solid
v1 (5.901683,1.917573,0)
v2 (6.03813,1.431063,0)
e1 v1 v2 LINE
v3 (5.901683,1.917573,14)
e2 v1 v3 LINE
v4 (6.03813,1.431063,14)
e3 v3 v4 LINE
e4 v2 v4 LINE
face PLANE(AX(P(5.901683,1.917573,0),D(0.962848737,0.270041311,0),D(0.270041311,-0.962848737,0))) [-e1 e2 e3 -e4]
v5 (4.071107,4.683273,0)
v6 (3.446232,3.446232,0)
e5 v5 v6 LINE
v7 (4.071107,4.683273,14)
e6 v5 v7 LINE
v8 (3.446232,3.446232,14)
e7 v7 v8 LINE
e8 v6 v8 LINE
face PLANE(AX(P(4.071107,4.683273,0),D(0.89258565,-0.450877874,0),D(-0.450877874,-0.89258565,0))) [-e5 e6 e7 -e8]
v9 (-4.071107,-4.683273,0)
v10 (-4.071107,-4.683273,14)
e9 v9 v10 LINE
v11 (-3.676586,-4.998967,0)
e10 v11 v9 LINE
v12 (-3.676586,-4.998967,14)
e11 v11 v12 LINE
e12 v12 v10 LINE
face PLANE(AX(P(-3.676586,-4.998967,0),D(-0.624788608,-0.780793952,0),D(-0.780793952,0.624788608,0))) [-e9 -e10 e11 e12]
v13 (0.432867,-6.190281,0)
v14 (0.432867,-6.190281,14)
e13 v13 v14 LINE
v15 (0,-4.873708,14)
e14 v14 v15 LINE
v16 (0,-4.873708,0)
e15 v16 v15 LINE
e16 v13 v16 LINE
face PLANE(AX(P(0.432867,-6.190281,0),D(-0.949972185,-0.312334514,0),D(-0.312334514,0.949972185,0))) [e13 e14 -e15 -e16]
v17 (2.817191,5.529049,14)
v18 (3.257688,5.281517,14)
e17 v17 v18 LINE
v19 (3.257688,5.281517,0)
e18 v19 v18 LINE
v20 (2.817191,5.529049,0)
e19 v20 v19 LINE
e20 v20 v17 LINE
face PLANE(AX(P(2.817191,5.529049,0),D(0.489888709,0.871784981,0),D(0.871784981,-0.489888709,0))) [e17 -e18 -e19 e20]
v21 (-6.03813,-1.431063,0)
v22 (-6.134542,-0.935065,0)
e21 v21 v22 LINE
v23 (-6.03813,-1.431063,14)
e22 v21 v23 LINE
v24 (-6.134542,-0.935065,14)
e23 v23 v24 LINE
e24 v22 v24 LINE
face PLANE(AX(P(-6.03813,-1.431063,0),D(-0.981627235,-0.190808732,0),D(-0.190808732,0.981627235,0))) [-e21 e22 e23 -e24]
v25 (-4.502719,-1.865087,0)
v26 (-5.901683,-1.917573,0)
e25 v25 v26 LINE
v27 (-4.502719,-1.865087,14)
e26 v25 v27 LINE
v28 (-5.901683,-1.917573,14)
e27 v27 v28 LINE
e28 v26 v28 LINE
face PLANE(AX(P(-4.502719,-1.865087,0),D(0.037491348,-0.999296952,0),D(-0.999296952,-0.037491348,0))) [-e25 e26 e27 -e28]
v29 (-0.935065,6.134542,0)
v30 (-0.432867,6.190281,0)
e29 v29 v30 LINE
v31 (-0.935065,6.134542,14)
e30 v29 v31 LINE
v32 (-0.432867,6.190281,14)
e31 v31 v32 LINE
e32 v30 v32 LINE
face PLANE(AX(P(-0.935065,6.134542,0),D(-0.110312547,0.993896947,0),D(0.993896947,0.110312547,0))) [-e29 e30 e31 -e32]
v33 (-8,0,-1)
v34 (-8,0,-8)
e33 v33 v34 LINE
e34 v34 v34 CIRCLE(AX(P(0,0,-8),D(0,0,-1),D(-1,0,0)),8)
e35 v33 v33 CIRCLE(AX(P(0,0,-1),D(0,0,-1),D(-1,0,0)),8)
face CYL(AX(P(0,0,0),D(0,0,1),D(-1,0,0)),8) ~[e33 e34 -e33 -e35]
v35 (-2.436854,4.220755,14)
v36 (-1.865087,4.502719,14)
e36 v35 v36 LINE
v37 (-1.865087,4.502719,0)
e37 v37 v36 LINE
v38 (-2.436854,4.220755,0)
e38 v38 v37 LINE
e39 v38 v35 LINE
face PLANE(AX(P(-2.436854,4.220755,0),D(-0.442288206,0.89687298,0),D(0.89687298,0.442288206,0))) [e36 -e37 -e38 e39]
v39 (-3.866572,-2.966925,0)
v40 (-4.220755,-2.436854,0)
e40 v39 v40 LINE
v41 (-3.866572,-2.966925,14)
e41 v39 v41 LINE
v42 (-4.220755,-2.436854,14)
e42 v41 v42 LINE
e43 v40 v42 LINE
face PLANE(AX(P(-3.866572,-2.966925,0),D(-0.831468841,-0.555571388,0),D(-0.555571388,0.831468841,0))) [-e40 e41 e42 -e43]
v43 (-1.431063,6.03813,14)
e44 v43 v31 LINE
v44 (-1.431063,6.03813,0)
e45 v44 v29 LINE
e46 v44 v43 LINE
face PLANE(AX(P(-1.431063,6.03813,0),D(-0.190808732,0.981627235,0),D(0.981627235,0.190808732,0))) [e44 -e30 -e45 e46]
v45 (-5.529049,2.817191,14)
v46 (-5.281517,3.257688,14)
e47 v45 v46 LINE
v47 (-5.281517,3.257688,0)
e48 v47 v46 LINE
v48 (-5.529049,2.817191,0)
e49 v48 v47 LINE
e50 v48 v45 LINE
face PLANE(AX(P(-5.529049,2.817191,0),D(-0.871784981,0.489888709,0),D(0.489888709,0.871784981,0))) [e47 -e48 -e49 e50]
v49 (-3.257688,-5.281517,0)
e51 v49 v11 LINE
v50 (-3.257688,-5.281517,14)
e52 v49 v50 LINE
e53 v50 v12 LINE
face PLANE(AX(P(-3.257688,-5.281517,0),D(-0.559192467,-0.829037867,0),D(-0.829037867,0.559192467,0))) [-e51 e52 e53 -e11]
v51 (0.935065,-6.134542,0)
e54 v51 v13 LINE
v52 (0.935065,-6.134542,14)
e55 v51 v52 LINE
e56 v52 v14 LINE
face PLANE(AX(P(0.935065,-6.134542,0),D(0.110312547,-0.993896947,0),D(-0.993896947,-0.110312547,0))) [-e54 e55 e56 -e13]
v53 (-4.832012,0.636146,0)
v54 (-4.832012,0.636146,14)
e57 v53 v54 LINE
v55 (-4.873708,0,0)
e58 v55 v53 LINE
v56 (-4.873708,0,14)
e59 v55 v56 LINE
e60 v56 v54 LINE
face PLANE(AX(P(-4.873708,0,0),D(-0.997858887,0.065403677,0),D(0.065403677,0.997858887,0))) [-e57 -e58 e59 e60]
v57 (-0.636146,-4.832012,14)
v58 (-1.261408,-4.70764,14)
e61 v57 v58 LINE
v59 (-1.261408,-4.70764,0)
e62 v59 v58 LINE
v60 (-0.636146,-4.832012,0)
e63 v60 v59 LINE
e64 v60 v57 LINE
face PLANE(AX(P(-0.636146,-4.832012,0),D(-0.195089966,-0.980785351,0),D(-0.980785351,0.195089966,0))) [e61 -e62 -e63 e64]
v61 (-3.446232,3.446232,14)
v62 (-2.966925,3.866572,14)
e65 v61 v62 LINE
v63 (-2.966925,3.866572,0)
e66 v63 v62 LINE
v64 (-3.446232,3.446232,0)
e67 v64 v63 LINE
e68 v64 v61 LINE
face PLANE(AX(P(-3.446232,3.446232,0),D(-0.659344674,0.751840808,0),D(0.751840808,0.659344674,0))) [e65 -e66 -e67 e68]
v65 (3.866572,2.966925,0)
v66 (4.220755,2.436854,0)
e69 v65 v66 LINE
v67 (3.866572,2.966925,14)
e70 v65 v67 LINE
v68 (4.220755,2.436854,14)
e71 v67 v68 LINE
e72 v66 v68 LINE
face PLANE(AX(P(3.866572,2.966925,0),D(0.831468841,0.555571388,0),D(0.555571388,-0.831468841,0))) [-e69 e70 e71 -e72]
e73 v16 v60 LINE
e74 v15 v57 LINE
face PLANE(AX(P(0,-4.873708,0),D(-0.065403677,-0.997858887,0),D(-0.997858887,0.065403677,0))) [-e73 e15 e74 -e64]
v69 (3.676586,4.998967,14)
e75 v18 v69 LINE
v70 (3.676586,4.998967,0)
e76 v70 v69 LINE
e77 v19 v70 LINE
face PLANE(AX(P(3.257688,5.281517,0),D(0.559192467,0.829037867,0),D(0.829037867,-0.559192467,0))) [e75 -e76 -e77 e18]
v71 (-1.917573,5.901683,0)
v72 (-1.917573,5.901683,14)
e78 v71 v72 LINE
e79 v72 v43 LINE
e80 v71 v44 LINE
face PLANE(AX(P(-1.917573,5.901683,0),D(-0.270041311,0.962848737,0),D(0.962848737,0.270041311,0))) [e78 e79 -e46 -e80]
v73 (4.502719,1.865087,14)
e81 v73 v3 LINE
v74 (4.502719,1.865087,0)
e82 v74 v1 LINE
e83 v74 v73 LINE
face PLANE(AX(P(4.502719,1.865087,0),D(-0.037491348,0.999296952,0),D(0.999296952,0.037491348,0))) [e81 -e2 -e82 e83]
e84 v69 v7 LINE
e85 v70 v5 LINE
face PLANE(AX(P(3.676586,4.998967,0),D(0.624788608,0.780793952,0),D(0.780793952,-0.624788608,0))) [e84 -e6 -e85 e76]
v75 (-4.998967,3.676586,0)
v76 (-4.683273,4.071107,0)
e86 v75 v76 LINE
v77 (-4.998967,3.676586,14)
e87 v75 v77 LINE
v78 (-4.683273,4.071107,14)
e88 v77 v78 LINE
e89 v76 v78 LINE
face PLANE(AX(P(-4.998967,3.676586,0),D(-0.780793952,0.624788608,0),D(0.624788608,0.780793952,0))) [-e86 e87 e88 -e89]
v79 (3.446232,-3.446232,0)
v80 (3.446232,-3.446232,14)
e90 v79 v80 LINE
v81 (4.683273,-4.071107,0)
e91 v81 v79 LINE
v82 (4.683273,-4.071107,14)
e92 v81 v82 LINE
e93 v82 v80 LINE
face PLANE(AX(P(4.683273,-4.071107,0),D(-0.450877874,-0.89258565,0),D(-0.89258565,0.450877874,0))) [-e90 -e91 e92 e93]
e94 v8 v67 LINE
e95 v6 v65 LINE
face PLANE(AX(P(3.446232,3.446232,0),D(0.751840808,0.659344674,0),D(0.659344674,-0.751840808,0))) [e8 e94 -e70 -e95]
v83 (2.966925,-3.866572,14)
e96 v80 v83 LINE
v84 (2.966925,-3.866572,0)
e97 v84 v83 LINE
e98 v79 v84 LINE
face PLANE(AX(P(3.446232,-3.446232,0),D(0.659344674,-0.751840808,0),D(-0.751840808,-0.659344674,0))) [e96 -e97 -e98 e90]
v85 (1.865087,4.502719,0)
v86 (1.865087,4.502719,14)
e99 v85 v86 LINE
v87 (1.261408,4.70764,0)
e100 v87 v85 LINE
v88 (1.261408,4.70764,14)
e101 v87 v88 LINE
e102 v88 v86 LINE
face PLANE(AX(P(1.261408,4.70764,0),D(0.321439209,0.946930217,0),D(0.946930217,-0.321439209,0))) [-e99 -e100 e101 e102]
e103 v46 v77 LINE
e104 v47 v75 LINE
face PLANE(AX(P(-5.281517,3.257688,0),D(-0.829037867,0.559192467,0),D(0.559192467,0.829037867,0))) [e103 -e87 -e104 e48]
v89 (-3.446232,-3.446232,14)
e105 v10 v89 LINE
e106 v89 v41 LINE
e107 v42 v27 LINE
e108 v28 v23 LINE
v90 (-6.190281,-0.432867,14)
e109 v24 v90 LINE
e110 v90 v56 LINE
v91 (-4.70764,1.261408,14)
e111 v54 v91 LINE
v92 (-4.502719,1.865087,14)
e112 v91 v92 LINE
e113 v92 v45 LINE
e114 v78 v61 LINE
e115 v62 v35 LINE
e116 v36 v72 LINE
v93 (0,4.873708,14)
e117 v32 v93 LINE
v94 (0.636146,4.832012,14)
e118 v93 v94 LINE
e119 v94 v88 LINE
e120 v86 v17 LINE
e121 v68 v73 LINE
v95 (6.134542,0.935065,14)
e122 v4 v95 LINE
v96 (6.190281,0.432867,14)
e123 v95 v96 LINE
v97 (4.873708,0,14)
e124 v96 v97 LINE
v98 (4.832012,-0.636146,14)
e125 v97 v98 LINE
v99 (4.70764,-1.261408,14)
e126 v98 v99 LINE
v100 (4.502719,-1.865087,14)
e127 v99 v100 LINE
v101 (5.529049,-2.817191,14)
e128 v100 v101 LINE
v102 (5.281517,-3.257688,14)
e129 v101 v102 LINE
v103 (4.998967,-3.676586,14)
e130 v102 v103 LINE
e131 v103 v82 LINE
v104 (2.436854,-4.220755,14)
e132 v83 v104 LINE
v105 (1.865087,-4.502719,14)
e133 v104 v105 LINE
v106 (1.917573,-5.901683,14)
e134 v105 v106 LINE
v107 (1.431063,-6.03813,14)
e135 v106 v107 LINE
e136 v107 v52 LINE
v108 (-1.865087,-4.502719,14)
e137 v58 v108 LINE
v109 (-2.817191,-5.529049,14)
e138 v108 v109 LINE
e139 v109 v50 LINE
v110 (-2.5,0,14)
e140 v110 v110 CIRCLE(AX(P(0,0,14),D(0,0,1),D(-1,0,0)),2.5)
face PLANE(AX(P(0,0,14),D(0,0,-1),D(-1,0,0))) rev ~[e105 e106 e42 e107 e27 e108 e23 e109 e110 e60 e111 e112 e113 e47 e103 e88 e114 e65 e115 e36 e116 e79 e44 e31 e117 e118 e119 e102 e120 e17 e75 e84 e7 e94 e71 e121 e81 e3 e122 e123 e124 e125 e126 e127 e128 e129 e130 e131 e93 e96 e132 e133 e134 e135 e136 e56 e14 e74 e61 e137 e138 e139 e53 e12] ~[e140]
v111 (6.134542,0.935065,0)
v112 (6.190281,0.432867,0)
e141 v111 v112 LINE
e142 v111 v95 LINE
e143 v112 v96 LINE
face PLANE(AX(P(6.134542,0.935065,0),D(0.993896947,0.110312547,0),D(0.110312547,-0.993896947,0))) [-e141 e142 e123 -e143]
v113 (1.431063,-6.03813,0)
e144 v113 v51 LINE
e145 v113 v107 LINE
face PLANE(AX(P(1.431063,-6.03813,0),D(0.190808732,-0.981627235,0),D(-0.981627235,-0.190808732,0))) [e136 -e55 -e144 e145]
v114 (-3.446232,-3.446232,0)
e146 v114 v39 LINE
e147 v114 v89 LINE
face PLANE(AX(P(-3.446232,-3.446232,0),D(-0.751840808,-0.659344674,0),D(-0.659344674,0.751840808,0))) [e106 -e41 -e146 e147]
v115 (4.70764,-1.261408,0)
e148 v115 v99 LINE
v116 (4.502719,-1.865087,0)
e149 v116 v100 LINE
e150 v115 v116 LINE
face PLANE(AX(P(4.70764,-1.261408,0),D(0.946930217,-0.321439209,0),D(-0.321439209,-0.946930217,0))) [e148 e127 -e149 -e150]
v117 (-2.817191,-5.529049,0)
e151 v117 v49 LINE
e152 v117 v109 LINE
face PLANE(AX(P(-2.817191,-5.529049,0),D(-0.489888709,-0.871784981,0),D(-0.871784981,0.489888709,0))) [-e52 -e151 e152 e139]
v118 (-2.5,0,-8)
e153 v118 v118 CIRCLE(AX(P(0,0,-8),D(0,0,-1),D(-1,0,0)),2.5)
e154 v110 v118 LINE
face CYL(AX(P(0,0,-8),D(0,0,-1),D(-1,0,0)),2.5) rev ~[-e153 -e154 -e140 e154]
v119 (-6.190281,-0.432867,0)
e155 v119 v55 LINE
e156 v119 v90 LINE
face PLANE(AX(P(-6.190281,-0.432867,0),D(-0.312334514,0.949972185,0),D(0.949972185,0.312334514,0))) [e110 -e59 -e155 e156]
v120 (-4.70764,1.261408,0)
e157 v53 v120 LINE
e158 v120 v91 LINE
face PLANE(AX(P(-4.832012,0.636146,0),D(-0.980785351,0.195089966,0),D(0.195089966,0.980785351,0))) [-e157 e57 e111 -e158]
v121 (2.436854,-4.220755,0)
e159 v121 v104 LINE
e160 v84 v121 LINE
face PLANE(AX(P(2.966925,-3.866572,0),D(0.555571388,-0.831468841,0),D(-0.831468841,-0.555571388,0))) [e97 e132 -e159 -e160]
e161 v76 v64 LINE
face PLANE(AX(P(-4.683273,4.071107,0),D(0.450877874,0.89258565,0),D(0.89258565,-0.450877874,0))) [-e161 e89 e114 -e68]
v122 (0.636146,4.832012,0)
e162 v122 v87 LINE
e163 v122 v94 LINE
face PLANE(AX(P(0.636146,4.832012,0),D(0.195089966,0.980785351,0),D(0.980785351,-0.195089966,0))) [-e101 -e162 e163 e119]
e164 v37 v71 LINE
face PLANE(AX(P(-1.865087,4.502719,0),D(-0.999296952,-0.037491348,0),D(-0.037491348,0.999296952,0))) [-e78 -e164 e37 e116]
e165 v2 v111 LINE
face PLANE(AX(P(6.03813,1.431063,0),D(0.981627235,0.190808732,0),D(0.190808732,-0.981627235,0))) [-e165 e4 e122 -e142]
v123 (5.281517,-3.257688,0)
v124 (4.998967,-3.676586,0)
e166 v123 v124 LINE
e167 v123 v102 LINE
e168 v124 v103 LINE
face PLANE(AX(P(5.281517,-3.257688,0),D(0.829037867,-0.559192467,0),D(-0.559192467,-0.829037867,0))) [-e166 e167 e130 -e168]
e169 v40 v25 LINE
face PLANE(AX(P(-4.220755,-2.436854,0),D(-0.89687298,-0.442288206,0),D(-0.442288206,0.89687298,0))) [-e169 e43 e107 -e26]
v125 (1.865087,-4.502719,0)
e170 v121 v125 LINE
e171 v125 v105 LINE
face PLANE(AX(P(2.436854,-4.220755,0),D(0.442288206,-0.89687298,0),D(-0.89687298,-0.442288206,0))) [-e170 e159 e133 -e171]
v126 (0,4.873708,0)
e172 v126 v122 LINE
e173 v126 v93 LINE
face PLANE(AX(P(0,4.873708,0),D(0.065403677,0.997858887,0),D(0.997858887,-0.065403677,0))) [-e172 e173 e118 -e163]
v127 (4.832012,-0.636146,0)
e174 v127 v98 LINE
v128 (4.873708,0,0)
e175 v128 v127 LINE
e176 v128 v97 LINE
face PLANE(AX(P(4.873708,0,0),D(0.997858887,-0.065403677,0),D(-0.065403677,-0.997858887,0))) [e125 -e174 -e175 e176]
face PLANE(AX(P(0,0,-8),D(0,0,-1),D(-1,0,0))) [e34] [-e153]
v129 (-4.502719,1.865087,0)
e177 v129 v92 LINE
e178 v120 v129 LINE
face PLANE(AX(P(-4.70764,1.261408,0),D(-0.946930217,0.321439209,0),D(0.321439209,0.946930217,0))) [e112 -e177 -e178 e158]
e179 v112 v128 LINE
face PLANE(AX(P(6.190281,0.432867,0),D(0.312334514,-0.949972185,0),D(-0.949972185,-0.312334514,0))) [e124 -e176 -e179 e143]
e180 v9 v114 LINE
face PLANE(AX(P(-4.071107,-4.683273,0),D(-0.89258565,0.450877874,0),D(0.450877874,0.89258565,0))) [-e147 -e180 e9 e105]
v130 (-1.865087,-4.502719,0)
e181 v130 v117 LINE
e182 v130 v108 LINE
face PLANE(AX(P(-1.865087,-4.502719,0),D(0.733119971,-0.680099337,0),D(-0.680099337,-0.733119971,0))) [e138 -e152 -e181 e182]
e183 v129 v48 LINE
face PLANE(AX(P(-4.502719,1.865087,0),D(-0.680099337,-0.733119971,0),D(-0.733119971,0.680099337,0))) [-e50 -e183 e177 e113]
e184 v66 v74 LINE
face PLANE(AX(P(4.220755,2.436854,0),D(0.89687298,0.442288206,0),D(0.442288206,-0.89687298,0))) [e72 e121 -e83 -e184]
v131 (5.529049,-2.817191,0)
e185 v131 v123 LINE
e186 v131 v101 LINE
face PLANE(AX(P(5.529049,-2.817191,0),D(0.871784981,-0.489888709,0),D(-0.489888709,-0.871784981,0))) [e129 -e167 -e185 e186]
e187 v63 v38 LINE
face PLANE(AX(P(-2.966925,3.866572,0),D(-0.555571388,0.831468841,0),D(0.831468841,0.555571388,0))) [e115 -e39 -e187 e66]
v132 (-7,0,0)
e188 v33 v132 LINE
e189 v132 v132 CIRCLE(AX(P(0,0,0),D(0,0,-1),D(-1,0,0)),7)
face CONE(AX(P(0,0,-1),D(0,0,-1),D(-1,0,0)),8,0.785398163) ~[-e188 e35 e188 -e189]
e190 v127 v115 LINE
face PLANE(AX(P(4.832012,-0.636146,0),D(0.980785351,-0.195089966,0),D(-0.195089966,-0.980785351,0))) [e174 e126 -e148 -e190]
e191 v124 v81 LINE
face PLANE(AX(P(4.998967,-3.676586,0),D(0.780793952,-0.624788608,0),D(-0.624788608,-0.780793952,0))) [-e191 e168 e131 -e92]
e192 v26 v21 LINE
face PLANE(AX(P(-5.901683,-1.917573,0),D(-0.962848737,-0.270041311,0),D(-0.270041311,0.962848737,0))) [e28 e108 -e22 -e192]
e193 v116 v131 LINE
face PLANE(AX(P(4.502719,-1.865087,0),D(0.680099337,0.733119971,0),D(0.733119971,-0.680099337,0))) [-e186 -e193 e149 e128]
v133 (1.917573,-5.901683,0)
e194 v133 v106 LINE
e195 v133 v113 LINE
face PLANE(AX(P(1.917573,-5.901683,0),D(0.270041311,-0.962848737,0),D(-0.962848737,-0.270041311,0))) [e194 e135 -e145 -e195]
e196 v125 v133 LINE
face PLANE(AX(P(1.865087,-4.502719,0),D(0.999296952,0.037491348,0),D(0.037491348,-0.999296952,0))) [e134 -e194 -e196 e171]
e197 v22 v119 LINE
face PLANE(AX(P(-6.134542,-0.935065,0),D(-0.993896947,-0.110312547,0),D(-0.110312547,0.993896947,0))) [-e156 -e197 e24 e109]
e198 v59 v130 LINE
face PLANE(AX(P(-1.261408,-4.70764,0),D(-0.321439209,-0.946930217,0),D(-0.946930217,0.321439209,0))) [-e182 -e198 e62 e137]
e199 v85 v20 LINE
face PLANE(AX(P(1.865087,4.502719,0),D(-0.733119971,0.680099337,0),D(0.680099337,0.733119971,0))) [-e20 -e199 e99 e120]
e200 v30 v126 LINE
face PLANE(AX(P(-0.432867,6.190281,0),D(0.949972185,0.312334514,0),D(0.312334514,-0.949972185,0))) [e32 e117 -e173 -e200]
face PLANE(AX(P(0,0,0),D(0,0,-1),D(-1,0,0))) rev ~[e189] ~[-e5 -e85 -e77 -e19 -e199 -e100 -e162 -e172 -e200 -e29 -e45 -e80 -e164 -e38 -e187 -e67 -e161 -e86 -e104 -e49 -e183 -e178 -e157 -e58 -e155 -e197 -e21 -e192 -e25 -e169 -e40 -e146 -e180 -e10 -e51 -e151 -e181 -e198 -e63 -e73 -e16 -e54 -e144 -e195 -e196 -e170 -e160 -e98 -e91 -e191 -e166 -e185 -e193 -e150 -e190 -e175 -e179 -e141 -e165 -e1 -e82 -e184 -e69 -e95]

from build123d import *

# Parameters (mm, degrees)
SKETCH2_R           = 2.5
BOSS_EXTRUDE1_DEPTH = 14
SKETCH3_R           = 8
BOSS_EXTRUDE2_DEPTH = 8
SKETCH4_R           = 2.5
CUT_EXTRUDE1_DEPTH  = 23
CHAMFER1_SIZE       = 1


with BuildPart() as part:
    # Sketch2 → Boss-Extrude1 (new body)
    with BuildSketch(Plane.XY):
        Polygon((4.873707771, 0), (4.832012177, -0.636146486), (4.707640171, -1.261407971), (4.502718925, -1.865087032), (5.52904892, -2.817190886), (5.281517029, -3.257688046), (4.998967171, -3.676585913), (4.683272839, -4.071106911), (3.44623208, -3.44623208), (2.966924906, -3.866571903), (2.436853886, -4.2207551), (1.865087032, -4.502718925), (1.917572975, -5.901682854), (1.431063056, -6.038129807), (0.935064673, -6.134541988), (0.432866603, -6.190280914), (0, -4.873707771), (-0.636146486, -4.832012177), (-1.261407971, -4.707640171), (-1.865087032, -4.502718925), (-2.817190886, -5.52904892), (-3.257688046, -5.281517029), (-3.676585913, -4.998967171), (-4.071106911, -4.683272839), (-3.44623208, -3.44623208), (-3.866571903, -2.966924906), (-4.2207551, -2.436853886), (-4.502718925, -1.865087032), (-5.901682854, -1.917572975), (-6.038129807, -1.431063056), (-6.134541988, -0.935064673), (-6.190280914, -0.432866603), (-4.873707771, 0), (-4.832012177, 0.636146486), (-4.707640171, 1.261407971), (-4.502718925, 1.865087032), (-5.52904892, 2.817190886), (-5.281517029, 3.257688046), (-4.998967171, 3.676585913), (-4.683272839, 4.071106911), (-3.44623208, 3.44623208), (-2.966924906, 3.866571903), (-2.436853886, 4.2207551), (-1.865087032, 4.502718925), (-1.917572975, 5.901682854), (-1.431063056, 6.038129807), (-0.935064673, 6.134541988), (-0.432866603, 6.190280914), (0, 4.873707771), (0.636146486, 4.832012177), (1.261407971, 4.707640171), (1.865087032, 4.502718925), (2.817190886, 5.52904892), (3.257688046, 5.281517029), (3.676585913, 4.998967171), (4.071106911, 4.683272839), (3.44623208, 3.44623208), (3.866571903, 2.966924906), (4.2207551, 2.436853886), (4.502718925, 1.865087032), (5.901682854, 1.917572975), (6.038129807, 1.431063056), (6.134541988, 0.935064673), (6.190280914, 0.432866603), align=None)
        Circle(SKETCH2_R, mode=Mode.SUBTRACT)
    extrude(amount=BOSS_EXTRUDE1_DEPTH)

    # Sketch3 → Boss-Extrude2 (add)
    with BuildSketch(Plane(origin=(0, 0, 0), x_dir=(-1, 0, 0), z_dir=(0, 0, -1))):
        Circle(SKETCH3_R)
    extrude(amount=BOSS_EXTRUDE2_DEPTH)

    # Sketch4 → Cut-Extrude1 (cut, through all)
    with BuildSketch(Plane(origin=(0, 0, -8), x_dir=(-1, 0, 0), z_dir=(0, 0, -1))):
        Circle(SKETCH4_R)
    extrude(amount=-CUT_EXTRUDE1_DEPTH, mode=Mode.SUBTRACT)

    # Chamfer1
    chamfer1_edges = [part.edges().sort_by_distance(p)[0] for p in [
        (8, 0, 0),
    ]]
    chamfer(chamfer1_edges, length=CHAMFER1_SIZE)


solid = part.part
